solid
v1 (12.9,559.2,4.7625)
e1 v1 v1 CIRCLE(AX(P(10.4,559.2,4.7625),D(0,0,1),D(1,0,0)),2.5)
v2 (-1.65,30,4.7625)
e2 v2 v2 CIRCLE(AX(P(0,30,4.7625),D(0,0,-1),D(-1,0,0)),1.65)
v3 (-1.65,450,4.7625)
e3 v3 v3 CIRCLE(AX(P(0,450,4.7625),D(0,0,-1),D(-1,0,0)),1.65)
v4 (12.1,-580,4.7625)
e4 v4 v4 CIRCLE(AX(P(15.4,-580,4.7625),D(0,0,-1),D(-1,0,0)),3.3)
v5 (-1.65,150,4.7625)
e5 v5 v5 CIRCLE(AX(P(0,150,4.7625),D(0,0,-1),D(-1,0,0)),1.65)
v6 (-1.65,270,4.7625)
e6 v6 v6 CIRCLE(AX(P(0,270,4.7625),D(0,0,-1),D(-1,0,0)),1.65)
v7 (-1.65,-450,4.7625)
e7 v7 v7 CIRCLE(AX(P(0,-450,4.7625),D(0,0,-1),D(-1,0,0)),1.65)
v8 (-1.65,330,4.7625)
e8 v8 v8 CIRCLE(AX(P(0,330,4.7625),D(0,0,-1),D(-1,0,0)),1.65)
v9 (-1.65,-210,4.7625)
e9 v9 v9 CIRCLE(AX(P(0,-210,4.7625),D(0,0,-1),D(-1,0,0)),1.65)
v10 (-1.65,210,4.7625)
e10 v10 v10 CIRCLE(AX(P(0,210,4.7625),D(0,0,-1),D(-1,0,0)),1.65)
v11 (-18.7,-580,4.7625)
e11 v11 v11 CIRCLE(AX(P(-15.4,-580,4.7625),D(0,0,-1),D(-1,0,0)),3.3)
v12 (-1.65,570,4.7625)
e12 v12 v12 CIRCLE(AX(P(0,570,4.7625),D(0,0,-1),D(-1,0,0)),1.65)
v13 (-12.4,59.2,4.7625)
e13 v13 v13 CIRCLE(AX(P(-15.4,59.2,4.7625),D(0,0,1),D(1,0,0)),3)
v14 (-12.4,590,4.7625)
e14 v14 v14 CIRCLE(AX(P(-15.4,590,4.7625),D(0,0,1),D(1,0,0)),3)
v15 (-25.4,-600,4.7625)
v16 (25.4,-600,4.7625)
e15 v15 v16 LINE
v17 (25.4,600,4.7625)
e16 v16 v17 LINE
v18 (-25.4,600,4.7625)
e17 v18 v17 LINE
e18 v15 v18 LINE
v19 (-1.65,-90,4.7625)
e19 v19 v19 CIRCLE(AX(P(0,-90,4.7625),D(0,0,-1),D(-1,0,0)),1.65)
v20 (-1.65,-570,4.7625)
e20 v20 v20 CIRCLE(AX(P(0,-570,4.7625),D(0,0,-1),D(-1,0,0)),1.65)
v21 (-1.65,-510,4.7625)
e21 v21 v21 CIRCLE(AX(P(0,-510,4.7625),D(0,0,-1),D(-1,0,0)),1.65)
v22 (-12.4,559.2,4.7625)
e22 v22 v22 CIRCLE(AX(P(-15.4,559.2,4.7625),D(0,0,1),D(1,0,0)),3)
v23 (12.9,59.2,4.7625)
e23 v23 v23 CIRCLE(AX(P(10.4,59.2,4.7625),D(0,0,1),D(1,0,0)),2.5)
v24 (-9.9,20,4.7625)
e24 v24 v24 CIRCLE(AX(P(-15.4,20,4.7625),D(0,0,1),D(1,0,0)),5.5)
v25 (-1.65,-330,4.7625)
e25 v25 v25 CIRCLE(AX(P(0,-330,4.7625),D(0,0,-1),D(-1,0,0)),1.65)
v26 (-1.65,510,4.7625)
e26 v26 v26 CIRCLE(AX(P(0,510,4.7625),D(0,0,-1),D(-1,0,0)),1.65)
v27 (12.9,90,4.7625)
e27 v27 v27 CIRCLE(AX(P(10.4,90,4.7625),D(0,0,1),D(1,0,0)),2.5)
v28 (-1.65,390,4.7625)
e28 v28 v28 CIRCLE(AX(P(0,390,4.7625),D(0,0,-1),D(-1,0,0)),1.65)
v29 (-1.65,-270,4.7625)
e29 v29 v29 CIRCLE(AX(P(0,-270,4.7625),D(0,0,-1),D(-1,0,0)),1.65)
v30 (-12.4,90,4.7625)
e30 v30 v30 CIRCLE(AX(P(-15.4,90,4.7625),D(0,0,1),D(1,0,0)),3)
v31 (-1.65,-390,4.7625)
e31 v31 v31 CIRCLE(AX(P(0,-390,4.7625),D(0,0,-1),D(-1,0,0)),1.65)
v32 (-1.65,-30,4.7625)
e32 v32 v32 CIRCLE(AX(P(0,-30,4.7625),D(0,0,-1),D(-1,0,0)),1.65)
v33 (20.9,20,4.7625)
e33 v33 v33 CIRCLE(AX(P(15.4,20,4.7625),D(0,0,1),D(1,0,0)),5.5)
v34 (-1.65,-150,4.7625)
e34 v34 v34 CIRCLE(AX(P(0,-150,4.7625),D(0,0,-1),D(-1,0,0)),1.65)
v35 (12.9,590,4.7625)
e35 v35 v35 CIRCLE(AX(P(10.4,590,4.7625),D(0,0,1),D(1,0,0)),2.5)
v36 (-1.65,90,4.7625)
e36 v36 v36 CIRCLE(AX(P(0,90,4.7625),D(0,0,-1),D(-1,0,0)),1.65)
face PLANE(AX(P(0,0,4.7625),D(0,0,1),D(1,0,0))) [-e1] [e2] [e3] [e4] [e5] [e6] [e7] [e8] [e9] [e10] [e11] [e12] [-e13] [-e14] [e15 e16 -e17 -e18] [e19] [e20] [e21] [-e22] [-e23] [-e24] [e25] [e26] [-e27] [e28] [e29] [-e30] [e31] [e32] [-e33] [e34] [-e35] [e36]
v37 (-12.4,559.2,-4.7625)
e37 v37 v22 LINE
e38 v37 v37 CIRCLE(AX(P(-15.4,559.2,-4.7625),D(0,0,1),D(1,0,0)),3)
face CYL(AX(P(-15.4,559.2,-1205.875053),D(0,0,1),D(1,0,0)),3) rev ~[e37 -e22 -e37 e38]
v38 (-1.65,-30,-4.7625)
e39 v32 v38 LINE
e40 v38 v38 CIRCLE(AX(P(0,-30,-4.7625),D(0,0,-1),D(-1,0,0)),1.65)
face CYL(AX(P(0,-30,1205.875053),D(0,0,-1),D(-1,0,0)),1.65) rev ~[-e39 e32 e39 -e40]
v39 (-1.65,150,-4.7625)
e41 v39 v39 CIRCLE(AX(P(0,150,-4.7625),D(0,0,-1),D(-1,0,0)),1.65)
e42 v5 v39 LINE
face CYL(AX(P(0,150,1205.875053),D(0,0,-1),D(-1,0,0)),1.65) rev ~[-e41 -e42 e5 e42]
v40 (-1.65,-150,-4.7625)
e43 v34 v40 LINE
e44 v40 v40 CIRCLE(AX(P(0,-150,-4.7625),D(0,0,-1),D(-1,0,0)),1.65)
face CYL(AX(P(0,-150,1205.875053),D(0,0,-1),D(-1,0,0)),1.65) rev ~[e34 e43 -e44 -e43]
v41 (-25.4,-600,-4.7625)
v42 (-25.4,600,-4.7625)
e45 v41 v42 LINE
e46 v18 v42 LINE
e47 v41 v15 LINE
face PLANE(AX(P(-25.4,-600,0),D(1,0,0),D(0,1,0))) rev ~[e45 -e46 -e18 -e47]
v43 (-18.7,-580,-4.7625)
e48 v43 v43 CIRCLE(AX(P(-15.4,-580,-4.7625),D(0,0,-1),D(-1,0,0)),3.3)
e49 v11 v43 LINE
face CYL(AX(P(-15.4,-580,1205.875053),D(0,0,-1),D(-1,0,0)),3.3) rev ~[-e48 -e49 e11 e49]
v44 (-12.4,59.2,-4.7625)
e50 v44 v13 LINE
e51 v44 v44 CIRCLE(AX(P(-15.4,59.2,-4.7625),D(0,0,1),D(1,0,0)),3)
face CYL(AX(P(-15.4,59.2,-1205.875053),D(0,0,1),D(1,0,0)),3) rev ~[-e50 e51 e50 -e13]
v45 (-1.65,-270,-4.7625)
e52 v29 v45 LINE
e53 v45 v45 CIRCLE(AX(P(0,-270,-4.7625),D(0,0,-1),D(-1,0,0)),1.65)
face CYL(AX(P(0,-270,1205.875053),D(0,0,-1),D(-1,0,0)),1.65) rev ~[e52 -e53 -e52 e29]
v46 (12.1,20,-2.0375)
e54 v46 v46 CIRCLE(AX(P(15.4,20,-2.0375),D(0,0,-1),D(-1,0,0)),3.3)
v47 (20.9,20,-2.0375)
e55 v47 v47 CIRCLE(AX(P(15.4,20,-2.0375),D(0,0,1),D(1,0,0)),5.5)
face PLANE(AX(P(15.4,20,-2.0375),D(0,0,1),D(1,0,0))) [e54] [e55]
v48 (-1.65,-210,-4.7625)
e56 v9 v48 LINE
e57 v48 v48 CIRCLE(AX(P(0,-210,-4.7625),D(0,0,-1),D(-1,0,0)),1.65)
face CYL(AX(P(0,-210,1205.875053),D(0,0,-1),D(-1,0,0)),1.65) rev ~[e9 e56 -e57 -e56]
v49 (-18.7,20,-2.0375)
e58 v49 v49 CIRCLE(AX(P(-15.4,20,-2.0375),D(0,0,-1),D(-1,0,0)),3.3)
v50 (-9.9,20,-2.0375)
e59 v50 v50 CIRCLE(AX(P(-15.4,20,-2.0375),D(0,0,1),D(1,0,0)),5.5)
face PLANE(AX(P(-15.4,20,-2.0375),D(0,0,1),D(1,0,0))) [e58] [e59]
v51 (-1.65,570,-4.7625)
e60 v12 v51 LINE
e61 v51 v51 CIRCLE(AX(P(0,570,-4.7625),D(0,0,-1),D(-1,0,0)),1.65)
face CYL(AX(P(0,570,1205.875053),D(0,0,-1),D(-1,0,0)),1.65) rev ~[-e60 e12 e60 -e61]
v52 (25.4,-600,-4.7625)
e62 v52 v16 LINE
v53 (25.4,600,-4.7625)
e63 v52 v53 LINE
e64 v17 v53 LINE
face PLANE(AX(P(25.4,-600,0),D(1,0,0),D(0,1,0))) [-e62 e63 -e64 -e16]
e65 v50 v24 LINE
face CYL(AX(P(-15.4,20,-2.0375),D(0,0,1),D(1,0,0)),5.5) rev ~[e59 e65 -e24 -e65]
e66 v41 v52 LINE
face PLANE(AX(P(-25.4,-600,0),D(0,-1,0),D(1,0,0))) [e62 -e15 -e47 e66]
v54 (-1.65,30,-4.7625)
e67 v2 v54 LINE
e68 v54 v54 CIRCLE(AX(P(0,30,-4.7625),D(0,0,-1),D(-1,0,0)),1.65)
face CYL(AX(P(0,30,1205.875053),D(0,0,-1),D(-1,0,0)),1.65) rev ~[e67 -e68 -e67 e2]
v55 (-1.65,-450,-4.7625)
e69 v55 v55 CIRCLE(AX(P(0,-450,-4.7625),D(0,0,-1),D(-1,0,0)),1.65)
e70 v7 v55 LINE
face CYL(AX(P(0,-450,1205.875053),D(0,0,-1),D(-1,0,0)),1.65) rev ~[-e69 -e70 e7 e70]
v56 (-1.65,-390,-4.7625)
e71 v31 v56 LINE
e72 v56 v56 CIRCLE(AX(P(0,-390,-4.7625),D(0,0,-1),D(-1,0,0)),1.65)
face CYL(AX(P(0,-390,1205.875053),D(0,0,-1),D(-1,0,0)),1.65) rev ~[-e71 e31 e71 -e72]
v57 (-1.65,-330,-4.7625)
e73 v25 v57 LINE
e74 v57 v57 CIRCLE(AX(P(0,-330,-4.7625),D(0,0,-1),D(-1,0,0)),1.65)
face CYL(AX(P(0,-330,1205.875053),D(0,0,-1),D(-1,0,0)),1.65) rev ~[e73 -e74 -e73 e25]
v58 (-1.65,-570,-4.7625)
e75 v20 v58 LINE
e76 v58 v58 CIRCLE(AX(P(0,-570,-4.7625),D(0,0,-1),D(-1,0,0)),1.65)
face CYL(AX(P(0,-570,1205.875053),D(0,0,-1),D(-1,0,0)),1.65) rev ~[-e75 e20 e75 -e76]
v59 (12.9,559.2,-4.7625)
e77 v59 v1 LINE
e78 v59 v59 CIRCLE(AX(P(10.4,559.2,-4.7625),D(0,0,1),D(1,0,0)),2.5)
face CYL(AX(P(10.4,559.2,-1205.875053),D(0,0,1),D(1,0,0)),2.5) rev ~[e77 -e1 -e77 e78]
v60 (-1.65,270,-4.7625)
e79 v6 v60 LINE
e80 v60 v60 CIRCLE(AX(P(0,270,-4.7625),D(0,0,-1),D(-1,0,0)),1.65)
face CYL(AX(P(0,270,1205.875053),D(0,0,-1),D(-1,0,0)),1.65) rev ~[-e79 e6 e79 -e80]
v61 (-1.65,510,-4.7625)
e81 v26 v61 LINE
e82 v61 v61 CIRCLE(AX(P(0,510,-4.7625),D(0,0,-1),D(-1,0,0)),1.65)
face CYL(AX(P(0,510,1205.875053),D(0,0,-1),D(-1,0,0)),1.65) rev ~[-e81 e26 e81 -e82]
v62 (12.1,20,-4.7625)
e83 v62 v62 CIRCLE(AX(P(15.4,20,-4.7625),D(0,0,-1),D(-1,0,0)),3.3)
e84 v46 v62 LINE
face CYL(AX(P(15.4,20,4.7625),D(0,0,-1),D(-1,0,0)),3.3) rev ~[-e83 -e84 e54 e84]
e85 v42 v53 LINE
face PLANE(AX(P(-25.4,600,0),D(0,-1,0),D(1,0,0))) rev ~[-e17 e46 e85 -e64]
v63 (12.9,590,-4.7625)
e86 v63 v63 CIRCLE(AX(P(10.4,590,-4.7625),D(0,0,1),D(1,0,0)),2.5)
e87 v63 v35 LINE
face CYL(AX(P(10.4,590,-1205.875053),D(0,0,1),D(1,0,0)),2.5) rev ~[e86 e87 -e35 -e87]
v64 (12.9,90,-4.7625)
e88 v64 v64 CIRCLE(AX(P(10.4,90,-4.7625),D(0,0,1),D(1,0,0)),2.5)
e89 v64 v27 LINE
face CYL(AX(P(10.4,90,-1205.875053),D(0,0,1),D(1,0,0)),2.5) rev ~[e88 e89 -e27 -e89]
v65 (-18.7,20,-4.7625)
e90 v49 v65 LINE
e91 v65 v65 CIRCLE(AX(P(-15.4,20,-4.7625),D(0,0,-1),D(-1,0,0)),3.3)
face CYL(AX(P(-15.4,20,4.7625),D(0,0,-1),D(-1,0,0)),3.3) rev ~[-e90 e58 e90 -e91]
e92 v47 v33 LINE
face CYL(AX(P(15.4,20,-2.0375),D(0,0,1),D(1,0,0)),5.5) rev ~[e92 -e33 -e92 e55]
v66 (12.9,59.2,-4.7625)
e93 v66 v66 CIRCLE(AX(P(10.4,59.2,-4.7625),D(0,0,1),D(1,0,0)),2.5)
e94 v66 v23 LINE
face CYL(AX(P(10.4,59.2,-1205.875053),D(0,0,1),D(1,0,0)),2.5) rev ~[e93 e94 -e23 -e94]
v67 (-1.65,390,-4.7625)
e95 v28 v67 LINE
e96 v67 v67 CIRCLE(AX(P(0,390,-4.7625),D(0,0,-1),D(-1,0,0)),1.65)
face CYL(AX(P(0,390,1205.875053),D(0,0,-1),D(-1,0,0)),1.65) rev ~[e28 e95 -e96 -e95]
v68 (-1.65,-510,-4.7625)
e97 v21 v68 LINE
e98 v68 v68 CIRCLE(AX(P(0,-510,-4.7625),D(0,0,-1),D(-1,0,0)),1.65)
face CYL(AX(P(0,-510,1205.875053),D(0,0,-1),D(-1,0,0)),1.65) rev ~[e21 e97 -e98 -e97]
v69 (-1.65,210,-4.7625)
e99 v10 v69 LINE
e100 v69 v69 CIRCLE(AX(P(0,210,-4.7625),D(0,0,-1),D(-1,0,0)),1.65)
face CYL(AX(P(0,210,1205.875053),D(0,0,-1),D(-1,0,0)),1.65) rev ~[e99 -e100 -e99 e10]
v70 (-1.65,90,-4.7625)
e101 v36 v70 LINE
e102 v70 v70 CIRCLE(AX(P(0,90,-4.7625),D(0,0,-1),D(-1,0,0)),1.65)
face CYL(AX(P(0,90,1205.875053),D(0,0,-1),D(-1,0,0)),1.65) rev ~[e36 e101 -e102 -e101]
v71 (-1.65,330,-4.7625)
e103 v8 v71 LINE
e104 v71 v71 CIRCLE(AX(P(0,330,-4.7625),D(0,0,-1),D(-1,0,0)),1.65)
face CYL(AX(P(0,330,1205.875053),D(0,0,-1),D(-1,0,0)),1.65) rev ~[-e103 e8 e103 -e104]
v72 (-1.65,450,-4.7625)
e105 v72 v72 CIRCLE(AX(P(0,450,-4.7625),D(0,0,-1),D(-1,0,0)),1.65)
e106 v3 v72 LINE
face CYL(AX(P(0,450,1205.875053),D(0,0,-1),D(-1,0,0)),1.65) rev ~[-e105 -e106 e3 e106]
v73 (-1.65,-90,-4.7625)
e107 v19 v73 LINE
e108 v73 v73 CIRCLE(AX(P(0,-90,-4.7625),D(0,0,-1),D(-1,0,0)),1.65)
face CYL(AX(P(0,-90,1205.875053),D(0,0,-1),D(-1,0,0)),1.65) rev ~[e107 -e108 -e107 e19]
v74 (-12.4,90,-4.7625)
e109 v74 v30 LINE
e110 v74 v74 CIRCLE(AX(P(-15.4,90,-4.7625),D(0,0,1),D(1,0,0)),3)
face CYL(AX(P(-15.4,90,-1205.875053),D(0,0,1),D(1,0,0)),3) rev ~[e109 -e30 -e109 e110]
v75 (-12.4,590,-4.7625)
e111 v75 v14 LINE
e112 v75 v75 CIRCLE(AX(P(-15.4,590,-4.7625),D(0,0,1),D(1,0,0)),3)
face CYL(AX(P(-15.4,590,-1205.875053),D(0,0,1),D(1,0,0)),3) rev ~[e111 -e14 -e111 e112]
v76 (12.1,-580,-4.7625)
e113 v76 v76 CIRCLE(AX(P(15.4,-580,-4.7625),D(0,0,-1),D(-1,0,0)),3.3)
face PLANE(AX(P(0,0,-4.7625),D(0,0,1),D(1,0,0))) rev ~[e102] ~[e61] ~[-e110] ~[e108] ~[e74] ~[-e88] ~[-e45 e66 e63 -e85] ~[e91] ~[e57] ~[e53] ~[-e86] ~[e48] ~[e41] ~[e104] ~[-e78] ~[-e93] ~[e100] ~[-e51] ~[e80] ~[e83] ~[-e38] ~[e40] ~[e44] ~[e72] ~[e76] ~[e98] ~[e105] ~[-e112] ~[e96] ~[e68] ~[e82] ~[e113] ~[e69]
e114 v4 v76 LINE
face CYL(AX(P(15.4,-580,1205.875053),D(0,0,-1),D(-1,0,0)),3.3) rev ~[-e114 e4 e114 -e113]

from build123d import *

# Parameters (mm, degrees)
SKETCH1_W                      = 50.8
SKETCH1_H                      = 1200
EXTRUDE1_DEPTH                 = 4.7625
M4X0_7_TAPPED_HOLE1_D          = 3.3
M6_CLEARANCE_HOLE1_D           = 6.6
CBORE_FOR_M6_SHCS1_D           = 6.6
CBORE_FOR_M6_SHCS1_CBORE_D     = 11
CBORE_FOR_M6_SHCS1_CBORE_DEPTH = 6.8
F_6_0_6_DIAMETER_HOLE2_D       = 6
M6X1_0_TAPPED_HOLE1_D          = 5


with BuildPart() as part:
    # Sketch1 → Extrude1 (new, symmetric)
    with BuildSketch(Plane.XY):
        Rectangle(SKETCH1_W, SKETCH1_H)
    extrude(amount=EXTRUDE1_DEPTH, both=True)

    # M4x0.7 Tapped Hole1 (through all)
    with Locations(Plane.XY.offset(4.7625)):
        with Locations((0, 570), (0, 510), (0, 450), (0, 390), (0, 330), (0, 270), (0, 150), (0, 210), (0, 90), (0, 30), (0, -30), (0, -90), (0, -150), (0, -210), (0, -270), (0, -330), (0, -390), (0, -450), (0, -510), (0, -570)):
            Hole(M4X0_7_TAPPED_HOLE1_D / 2)

    # M6 Clearance Hole1 (through all)
    with Locations(Plane.XY.offset(4.7625)):
        with Locations((-15.4, -580), (15.4, -580)):
            Hole(M6_CLEARANCE_HOLE1_D / 2)

    # CBORE for M6 SHCS1 (through all)
    with Locations(Plane.XY.offset(4.7625)):
        with Locations((15.4, 20), (-15.4, 20)):
            CounterBoreHole(CBORE_FOR_M6_SHCS1_D / 2, CBORE_FOR_M6_SHCS1_CBORE_D / 2, CBORE_FOR_M6_SHCS1_CBORE_DEPTH)

    # Ø6.0 (6) Diameter Hole2 (through all)
    with Locations(Plane(origin=(0, 0, -4.7625), x_dir=(-1, 0, 0), z_dir=(0, 0, -1))):
        with Locations((15.4, 590), (15.4, 559.2), (15.4, 90), (15.4, 59.2)):
            Hole(F_6_0_6_DIAMETER_HOLE2_D / 2)

    # M6x1.0 Tapped Hole1 (through all)
    with Locations(Plane(origin=(0, 0, -4.7625), x_dir=(-1, 0, 0), z_dir=(0, 0, -1))):
        with Locations((-10.4, 559.2), (-10.4, 590), (-10.4, 90), (-10.4, 59.2)):
            Hole(M6X1_0_TAPPED_HOLE1_D / 2)


solid = part.part
